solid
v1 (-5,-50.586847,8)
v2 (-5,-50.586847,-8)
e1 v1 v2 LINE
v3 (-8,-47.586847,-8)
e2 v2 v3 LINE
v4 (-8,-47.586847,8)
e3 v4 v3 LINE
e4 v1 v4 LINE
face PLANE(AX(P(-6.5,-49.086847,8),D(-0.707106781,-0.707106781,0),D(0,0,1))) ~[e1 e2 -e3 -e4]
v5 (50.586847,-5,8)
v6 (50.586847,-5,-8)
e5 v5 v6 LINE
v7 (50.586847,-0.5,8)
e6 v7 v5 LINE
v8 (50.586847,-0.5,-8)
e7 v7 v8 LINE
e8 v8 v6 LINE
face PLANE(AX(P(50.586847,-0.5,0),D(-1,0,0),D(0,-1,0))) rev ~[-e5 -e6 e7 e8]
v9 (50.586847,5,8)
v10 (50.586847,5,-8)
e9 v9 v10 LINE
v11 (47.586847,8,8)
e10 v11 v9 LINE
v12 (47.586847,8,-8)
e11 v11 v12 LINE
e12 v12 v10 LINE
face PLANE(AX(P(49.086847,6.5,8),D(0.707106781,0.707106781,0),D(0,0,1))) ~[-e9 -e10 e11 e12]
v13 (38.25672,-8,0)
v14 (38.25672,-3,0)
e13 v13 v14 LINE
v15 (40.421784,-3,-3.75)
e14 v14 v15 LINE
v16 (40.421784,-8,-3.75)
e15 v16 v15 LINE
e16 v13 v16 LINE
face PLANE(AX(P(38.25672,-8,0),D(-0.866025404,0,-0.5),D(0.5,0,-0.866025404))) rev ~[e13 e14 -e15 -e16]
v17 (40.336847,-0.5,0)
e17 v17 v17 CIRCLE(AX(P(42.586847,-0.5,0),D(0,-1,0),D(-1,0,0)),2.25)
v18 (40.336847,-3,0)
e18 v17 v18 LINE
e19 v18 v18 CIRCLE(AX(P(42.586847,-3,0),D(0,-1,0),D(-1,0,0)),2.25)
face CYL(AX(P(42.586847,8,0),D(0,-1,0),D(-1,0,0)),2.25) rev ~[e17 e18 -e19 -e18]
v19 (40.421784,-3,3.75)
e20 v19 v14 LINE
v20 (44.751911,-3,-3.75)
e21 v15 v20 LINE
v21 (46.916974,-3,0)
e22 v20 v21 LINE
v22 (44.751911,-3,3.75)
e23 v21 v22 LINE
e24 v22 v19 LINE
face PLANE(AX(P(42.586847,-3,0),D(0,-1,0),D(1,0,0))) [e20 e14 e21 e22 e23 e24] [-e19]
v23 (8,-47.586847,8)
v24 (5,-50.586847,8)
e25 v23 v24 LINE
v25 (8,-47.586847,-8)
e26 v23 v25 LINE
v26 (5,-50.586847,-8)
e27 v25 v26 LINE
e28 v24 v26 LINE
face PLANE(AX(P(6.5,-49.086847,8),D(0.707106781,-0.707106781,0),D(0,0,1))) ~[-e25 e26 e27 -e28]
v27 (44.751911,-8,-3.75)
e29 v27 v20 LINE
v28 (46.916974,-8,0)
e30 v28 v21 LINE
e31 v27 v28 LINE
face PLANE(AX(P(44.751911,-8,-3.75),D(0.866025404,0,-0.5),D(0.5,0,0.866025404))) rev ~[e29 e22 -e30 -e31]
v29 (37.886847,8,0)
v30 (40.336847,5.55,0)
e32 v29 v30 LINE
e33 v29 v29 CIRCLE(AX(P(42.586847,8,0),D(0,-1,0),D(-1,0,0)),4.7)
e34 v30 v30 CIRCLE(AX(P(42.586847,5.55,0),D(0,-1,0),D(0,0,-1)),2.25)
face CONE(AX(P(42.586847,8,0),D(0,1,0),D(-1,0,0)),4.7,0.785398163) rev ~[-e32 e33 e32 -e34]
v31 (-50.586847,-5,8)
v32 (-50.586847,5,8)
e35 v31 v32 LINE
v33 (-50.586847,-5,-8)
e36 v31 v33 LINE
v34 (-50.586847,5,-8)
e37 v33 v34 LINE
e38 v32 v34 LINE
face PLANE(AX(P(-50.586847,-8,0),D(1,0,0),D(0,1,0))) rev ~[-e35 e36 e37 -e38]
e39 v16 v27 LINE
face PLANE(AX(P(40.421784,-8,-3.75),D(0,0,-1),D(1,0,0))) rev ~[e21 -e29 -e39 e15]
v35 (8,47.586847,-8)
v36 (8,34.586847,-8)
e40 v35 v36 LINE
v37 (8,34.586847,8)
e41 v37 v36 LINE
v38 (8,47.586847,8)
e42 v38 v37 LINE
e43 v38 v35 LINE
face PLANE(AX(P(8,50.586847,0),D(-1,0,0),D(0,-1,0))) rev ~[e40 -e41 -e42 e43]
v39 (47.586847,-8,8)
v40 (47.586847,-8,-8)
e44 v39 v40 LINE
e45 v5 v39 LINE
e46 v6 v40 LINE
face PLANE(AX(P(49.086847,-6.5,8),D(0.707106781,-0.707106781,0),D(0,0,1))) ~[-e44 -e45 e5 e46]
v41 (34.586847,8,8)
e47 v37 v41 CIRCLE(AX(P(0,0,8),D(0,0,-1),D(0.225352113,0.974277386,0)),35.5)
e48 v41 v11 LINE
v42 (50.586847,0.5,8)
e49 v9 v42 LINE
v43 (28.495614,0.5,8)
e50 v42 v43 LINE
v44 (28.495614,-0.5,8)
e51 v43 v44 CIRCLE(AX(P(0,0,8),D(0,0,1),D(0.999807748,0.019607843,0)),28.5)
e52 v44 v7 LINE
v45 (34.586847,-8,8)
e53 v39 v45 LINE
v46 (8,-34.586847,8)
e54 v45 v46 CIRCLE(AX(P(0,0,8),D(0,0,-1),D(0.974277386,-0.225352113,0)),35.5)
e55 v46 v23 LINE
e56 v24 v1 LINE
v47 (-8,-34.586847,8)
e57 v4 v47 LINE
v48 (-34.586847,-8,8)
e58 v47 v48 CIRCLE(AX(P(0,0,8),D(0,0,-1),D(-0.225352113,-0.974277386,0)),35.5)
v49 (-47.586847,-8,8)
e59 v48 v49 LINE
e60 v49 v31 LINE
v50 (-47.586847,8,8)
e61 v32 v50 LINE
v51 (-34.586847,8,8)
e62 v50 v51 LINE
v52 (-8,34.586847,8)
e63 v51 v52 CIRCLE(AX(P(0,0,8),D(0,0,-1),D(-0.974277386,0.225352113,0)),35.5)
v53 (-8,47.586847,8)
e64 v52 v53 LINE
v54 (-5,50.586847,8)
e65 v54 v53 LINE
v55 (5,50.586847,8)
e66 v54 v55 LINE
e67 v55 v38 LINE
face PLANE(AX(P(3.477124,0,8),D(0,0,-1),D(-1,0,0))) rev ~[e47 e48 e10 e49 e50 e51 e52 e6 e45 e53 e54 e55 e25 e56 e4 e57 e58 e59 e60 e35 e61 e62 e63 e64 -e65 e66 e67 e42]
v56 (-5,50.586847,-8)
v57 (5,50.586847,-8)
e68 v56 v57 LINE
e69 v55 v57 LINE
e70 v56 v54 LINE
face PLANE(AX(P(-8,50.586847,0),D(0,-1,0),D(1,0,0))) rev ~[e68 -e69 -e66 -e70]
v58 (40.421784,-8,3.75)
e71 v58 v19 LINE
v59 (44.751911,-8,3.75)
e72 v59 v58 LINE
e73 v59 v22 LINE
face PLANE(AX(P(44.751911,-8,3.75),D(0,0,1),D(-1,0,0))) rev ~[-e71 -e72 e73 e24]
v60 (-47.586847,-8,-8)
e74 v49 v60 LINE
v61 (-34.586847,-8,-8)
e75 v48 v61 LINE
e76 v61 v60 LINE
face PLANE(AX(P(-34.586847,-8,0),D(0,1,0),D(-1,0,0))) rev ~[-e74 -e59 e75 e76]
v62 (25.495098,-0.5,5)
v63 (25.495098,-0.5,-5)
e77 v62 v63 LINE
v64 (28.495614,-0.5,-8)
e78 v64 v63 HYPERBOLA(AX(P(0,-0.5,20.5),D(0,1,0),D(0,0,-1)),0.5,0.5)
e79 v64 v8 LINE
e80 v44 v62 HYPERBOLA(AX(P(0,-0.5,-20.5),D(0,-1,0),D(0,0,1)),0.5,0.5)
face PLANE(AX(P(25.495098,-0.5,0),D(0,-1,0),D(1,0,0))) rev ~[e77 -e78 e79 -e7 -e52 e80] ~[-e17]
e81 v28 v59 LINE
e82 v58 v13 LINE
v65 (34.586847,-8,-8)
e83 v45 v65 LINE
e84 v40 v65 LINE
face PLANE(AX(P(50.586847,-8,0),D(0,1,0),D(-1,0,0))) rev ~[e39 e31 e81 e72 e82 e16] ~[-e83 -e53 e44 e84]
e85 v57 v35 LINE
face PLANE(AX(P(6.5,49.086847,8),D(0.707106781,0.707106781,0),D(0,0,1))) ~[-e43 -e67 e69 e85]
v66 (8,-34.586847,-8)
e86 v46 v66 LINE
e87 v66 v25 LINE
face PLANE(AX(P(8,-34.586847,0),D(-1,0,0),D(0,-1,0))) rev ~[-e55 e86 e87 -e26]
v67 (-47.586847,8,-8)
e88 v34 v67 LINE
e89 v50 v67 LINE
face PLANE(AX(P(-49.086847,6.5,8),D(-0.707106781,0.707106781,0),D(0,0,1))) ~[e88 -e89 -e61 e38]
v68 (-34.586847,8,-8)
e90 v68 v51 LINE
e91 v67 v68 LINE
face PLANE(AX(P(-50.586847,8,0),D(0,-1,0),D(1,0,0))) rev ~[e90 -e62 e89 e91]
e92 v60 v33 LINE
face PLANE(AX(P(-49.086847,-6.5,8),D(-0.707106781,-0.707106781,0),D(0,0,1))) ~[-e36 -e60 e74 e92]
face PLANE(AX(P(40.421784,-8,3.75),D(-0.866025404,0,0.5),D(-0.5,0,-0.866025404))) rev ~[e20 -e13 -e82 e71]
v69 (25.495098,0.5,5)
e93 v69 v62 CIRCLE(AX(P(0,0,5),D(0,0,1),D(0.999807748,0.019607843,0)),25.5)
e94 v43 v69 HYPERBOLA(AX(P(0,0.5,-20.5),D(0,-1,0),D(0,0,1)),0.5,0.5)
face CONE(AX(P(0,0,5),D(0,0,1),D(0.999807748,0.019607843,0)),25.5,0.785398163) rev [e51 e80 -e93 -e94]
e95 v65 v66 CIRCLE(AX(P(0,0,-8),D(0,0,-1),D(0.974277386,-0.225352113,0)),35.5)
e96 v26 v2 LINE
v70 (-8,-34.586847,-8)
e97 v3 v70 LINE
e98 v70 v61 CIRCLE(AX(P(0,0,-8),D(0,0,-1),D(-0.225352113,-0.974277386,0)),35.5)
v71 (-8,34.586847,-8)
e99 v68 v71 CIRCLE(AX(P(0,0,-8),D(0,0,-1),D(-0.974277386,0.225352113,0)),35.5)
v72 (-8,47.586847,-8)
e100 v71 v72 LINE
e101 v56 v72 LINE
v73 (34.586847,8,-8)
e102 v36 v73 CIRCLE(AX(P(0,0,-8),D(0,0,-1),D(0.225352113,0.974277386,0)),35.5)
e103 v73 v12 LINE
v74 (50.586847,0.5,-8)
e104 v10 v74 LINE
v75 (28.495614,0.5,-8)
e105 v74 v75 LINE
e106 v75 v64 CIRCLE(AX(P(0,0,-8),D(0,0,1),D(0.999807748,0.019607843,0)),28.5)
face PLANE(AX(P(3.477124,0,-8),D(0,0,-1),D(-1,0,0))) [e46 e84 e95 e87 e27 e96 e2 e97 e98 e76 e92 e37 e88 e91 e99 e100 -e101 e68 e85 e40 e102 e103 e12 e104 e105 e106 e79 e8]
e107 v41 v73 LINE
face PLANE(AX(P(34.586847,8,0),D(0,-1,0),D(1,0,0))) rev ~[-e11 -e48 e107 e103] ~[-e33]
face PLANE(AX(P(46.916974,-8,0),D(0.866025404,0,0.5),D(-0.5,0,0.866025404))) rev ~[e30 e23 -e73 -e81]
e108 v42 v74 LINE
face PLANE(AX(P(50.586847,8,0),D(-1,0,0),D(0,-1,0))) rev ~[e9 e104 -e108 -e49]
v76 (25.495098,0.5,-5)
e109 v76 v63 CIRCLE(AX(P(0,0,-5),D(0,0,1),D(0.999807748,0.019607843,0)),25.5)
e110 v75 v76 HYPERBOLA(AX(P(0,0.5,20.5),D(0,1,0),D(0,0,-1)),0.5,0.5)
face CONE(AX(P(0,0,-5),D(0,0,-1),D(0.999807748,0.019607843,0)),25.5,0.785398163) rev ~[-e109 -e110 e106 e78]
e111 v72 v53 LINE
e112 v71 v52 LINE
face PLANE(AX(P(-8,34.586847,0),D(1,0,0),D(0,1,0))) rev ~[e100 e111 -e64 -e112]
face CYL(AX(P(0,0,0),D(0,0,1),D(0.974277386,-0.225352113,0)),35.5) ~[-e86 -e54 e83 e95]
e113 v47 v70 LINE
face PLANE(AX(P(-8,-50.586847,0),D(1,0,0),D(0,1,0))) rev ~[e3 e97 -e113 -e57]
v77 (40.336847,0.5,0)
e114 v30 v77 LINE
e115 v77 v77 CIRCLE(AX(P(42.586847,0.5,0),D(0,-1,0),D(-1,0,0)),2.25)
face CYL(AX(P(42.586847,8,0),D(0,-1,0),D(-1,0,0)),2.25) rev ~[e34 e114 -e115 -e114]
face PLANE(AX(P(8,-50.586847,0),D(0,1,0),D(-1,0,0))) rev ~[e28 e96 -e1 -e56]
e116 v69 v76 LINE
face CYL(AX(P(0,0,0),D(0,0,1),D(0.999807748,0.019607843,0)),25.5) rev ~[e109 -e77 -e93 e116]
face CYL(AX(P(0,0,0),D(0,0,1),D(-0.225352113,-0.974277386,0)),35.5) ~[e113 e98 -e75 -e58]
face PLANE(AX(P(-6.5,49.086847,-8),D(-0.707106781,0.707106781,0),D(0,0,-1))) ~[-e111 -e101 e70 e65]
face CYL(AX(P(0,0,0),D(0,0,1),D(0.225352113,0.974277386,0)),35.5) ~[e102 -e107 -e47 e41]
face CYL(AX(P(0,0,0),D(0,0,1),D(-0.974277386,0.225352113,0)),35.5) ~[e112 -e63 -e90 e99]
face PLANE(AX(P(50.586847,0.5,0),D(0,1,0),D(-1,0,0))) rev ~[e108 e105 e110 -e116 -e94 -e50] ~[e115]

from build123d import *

# Parameters (mm, degrees)
EXTRUDE_1_DEPTH             = 8
HOLE_WIZARD_M41_D           = 4.5
HOLE_WIZARD_M41_CSINK_D     = 9.4
HOLE_WIZARD_M41_CSINK_ANGLE = 90
CUT_EXTRUDE_2_DEPTH         = 5
CHAMFER_1_SIZE              = 3


with BuildPart() as part:
    # Эскиз1 → Бобышка-Вытянуть1 (new, symmetric)
    with BuildSketch(Plane.XY):
        with BuildLine():
            Line((-8, 50.586847211), (8, 50.586847211))
            Line((8, 50.586847211), (8, 34.586847211))
            ThreePointArc((8, 34.586847211), (25.102290732, 25.102290732), (34.586847211, 8))
            Line((34.586847211, 8), (50.586847211, 8))
            Line((50.586847211, 8), (50.586847211, 0.5))
            Line((50.586847211, 0.5), (25.495097568, 0.5))
            ThreePointArc((25.495097568, 0.5), (-25.5, 0), (25.495097568, -0.5))
            Line((25.495097568, -0.5), (50.586847211, -0.5))
            Line((50.586847211, -0.5), (50.586847211, -8))
            Line((50.586847211, -8), (34.586847211, -8))
            ThreePointArc((34.586847211, -8), (25.102290732, -25.102290732), (8, -34.586847211))
            Line((8, -34.586847211), (8, -50.586847211))
            Line((8, -50.586847211), (-8, -50.586847211))
            Line((-8, -50.586847211), (-8, -34.586847211))
            ThreePointArc((-8, -34.586847211), (-25.102290732, -25.102290732), (-34.586847211, -8))
            Line((-34.586847211, -8), (-50.586847211, -8))
            Line((-50.586847211, -8), (-50.586847211, 8))
            Line((-50.586847211, 8), (-34.586847211, 8))
            ThreePointArc((-34.586847211, 8), (-25.102290732, 25.102290732), (-8, 34.586847211))
            Line((-8, 34.586847211), (-8, 50.586847211))
        make_face()
    extrude(amount=EXTRUDE_1_DEPTH, both=True)

    # Зенковка для винта с полупотайной головкой M41 (through all)
    with Locations(Plane(origin=(42.586847211, 8, 0), x_dir=(1, 0, 0), z_dir=(0, 1, 0))):
        with Locations((0, 0)):
            CounterSinkHole(HOLE_WIZARD_M41_D / 2, HOLE_WIZARD_M41_CSINK_D / 2, counter_sink_angle=HOLE_WIZARD_M41_CSINK_ANGLE)

    # Эскиз5 → Вырез-Вытянуть2 (cut)
    with BuildSketch(Plane.XZ.offset(8)):
        Polygon((46.91697423, 0), (44.751910721, 3.75), (40.421783702, 3.75), (38.256720192, 0), (40.421783702, -3.75), (44.751910721, -3.75), align=None)
    extrude(amount=-CUT_EXTRUDE_2_DEPTH, mode=Mode.SUBTRACT)

    # Фаска1
    chamfer_1_edges = [part.edges().sort_by_distance(p)[0] for p in [
        (-25.5, 0, -8),
        (50.586847211, -8, 0),
        (8, -50.586847211, 0),
        (-8, -50.586847211, 0),
        (-50.586847211, -8, 0),
        (-50.586847211, 8, 0),
        (-8, 50.586847211, 0),
        (8, 50.586847211, 0),
        (50.586847211, 8, 0),
        (-25.5, 0, 8),
    ]]
    chamfer(chamfer_1_edges, length=CHAMFER_1_SIZE)


solid = part.part
